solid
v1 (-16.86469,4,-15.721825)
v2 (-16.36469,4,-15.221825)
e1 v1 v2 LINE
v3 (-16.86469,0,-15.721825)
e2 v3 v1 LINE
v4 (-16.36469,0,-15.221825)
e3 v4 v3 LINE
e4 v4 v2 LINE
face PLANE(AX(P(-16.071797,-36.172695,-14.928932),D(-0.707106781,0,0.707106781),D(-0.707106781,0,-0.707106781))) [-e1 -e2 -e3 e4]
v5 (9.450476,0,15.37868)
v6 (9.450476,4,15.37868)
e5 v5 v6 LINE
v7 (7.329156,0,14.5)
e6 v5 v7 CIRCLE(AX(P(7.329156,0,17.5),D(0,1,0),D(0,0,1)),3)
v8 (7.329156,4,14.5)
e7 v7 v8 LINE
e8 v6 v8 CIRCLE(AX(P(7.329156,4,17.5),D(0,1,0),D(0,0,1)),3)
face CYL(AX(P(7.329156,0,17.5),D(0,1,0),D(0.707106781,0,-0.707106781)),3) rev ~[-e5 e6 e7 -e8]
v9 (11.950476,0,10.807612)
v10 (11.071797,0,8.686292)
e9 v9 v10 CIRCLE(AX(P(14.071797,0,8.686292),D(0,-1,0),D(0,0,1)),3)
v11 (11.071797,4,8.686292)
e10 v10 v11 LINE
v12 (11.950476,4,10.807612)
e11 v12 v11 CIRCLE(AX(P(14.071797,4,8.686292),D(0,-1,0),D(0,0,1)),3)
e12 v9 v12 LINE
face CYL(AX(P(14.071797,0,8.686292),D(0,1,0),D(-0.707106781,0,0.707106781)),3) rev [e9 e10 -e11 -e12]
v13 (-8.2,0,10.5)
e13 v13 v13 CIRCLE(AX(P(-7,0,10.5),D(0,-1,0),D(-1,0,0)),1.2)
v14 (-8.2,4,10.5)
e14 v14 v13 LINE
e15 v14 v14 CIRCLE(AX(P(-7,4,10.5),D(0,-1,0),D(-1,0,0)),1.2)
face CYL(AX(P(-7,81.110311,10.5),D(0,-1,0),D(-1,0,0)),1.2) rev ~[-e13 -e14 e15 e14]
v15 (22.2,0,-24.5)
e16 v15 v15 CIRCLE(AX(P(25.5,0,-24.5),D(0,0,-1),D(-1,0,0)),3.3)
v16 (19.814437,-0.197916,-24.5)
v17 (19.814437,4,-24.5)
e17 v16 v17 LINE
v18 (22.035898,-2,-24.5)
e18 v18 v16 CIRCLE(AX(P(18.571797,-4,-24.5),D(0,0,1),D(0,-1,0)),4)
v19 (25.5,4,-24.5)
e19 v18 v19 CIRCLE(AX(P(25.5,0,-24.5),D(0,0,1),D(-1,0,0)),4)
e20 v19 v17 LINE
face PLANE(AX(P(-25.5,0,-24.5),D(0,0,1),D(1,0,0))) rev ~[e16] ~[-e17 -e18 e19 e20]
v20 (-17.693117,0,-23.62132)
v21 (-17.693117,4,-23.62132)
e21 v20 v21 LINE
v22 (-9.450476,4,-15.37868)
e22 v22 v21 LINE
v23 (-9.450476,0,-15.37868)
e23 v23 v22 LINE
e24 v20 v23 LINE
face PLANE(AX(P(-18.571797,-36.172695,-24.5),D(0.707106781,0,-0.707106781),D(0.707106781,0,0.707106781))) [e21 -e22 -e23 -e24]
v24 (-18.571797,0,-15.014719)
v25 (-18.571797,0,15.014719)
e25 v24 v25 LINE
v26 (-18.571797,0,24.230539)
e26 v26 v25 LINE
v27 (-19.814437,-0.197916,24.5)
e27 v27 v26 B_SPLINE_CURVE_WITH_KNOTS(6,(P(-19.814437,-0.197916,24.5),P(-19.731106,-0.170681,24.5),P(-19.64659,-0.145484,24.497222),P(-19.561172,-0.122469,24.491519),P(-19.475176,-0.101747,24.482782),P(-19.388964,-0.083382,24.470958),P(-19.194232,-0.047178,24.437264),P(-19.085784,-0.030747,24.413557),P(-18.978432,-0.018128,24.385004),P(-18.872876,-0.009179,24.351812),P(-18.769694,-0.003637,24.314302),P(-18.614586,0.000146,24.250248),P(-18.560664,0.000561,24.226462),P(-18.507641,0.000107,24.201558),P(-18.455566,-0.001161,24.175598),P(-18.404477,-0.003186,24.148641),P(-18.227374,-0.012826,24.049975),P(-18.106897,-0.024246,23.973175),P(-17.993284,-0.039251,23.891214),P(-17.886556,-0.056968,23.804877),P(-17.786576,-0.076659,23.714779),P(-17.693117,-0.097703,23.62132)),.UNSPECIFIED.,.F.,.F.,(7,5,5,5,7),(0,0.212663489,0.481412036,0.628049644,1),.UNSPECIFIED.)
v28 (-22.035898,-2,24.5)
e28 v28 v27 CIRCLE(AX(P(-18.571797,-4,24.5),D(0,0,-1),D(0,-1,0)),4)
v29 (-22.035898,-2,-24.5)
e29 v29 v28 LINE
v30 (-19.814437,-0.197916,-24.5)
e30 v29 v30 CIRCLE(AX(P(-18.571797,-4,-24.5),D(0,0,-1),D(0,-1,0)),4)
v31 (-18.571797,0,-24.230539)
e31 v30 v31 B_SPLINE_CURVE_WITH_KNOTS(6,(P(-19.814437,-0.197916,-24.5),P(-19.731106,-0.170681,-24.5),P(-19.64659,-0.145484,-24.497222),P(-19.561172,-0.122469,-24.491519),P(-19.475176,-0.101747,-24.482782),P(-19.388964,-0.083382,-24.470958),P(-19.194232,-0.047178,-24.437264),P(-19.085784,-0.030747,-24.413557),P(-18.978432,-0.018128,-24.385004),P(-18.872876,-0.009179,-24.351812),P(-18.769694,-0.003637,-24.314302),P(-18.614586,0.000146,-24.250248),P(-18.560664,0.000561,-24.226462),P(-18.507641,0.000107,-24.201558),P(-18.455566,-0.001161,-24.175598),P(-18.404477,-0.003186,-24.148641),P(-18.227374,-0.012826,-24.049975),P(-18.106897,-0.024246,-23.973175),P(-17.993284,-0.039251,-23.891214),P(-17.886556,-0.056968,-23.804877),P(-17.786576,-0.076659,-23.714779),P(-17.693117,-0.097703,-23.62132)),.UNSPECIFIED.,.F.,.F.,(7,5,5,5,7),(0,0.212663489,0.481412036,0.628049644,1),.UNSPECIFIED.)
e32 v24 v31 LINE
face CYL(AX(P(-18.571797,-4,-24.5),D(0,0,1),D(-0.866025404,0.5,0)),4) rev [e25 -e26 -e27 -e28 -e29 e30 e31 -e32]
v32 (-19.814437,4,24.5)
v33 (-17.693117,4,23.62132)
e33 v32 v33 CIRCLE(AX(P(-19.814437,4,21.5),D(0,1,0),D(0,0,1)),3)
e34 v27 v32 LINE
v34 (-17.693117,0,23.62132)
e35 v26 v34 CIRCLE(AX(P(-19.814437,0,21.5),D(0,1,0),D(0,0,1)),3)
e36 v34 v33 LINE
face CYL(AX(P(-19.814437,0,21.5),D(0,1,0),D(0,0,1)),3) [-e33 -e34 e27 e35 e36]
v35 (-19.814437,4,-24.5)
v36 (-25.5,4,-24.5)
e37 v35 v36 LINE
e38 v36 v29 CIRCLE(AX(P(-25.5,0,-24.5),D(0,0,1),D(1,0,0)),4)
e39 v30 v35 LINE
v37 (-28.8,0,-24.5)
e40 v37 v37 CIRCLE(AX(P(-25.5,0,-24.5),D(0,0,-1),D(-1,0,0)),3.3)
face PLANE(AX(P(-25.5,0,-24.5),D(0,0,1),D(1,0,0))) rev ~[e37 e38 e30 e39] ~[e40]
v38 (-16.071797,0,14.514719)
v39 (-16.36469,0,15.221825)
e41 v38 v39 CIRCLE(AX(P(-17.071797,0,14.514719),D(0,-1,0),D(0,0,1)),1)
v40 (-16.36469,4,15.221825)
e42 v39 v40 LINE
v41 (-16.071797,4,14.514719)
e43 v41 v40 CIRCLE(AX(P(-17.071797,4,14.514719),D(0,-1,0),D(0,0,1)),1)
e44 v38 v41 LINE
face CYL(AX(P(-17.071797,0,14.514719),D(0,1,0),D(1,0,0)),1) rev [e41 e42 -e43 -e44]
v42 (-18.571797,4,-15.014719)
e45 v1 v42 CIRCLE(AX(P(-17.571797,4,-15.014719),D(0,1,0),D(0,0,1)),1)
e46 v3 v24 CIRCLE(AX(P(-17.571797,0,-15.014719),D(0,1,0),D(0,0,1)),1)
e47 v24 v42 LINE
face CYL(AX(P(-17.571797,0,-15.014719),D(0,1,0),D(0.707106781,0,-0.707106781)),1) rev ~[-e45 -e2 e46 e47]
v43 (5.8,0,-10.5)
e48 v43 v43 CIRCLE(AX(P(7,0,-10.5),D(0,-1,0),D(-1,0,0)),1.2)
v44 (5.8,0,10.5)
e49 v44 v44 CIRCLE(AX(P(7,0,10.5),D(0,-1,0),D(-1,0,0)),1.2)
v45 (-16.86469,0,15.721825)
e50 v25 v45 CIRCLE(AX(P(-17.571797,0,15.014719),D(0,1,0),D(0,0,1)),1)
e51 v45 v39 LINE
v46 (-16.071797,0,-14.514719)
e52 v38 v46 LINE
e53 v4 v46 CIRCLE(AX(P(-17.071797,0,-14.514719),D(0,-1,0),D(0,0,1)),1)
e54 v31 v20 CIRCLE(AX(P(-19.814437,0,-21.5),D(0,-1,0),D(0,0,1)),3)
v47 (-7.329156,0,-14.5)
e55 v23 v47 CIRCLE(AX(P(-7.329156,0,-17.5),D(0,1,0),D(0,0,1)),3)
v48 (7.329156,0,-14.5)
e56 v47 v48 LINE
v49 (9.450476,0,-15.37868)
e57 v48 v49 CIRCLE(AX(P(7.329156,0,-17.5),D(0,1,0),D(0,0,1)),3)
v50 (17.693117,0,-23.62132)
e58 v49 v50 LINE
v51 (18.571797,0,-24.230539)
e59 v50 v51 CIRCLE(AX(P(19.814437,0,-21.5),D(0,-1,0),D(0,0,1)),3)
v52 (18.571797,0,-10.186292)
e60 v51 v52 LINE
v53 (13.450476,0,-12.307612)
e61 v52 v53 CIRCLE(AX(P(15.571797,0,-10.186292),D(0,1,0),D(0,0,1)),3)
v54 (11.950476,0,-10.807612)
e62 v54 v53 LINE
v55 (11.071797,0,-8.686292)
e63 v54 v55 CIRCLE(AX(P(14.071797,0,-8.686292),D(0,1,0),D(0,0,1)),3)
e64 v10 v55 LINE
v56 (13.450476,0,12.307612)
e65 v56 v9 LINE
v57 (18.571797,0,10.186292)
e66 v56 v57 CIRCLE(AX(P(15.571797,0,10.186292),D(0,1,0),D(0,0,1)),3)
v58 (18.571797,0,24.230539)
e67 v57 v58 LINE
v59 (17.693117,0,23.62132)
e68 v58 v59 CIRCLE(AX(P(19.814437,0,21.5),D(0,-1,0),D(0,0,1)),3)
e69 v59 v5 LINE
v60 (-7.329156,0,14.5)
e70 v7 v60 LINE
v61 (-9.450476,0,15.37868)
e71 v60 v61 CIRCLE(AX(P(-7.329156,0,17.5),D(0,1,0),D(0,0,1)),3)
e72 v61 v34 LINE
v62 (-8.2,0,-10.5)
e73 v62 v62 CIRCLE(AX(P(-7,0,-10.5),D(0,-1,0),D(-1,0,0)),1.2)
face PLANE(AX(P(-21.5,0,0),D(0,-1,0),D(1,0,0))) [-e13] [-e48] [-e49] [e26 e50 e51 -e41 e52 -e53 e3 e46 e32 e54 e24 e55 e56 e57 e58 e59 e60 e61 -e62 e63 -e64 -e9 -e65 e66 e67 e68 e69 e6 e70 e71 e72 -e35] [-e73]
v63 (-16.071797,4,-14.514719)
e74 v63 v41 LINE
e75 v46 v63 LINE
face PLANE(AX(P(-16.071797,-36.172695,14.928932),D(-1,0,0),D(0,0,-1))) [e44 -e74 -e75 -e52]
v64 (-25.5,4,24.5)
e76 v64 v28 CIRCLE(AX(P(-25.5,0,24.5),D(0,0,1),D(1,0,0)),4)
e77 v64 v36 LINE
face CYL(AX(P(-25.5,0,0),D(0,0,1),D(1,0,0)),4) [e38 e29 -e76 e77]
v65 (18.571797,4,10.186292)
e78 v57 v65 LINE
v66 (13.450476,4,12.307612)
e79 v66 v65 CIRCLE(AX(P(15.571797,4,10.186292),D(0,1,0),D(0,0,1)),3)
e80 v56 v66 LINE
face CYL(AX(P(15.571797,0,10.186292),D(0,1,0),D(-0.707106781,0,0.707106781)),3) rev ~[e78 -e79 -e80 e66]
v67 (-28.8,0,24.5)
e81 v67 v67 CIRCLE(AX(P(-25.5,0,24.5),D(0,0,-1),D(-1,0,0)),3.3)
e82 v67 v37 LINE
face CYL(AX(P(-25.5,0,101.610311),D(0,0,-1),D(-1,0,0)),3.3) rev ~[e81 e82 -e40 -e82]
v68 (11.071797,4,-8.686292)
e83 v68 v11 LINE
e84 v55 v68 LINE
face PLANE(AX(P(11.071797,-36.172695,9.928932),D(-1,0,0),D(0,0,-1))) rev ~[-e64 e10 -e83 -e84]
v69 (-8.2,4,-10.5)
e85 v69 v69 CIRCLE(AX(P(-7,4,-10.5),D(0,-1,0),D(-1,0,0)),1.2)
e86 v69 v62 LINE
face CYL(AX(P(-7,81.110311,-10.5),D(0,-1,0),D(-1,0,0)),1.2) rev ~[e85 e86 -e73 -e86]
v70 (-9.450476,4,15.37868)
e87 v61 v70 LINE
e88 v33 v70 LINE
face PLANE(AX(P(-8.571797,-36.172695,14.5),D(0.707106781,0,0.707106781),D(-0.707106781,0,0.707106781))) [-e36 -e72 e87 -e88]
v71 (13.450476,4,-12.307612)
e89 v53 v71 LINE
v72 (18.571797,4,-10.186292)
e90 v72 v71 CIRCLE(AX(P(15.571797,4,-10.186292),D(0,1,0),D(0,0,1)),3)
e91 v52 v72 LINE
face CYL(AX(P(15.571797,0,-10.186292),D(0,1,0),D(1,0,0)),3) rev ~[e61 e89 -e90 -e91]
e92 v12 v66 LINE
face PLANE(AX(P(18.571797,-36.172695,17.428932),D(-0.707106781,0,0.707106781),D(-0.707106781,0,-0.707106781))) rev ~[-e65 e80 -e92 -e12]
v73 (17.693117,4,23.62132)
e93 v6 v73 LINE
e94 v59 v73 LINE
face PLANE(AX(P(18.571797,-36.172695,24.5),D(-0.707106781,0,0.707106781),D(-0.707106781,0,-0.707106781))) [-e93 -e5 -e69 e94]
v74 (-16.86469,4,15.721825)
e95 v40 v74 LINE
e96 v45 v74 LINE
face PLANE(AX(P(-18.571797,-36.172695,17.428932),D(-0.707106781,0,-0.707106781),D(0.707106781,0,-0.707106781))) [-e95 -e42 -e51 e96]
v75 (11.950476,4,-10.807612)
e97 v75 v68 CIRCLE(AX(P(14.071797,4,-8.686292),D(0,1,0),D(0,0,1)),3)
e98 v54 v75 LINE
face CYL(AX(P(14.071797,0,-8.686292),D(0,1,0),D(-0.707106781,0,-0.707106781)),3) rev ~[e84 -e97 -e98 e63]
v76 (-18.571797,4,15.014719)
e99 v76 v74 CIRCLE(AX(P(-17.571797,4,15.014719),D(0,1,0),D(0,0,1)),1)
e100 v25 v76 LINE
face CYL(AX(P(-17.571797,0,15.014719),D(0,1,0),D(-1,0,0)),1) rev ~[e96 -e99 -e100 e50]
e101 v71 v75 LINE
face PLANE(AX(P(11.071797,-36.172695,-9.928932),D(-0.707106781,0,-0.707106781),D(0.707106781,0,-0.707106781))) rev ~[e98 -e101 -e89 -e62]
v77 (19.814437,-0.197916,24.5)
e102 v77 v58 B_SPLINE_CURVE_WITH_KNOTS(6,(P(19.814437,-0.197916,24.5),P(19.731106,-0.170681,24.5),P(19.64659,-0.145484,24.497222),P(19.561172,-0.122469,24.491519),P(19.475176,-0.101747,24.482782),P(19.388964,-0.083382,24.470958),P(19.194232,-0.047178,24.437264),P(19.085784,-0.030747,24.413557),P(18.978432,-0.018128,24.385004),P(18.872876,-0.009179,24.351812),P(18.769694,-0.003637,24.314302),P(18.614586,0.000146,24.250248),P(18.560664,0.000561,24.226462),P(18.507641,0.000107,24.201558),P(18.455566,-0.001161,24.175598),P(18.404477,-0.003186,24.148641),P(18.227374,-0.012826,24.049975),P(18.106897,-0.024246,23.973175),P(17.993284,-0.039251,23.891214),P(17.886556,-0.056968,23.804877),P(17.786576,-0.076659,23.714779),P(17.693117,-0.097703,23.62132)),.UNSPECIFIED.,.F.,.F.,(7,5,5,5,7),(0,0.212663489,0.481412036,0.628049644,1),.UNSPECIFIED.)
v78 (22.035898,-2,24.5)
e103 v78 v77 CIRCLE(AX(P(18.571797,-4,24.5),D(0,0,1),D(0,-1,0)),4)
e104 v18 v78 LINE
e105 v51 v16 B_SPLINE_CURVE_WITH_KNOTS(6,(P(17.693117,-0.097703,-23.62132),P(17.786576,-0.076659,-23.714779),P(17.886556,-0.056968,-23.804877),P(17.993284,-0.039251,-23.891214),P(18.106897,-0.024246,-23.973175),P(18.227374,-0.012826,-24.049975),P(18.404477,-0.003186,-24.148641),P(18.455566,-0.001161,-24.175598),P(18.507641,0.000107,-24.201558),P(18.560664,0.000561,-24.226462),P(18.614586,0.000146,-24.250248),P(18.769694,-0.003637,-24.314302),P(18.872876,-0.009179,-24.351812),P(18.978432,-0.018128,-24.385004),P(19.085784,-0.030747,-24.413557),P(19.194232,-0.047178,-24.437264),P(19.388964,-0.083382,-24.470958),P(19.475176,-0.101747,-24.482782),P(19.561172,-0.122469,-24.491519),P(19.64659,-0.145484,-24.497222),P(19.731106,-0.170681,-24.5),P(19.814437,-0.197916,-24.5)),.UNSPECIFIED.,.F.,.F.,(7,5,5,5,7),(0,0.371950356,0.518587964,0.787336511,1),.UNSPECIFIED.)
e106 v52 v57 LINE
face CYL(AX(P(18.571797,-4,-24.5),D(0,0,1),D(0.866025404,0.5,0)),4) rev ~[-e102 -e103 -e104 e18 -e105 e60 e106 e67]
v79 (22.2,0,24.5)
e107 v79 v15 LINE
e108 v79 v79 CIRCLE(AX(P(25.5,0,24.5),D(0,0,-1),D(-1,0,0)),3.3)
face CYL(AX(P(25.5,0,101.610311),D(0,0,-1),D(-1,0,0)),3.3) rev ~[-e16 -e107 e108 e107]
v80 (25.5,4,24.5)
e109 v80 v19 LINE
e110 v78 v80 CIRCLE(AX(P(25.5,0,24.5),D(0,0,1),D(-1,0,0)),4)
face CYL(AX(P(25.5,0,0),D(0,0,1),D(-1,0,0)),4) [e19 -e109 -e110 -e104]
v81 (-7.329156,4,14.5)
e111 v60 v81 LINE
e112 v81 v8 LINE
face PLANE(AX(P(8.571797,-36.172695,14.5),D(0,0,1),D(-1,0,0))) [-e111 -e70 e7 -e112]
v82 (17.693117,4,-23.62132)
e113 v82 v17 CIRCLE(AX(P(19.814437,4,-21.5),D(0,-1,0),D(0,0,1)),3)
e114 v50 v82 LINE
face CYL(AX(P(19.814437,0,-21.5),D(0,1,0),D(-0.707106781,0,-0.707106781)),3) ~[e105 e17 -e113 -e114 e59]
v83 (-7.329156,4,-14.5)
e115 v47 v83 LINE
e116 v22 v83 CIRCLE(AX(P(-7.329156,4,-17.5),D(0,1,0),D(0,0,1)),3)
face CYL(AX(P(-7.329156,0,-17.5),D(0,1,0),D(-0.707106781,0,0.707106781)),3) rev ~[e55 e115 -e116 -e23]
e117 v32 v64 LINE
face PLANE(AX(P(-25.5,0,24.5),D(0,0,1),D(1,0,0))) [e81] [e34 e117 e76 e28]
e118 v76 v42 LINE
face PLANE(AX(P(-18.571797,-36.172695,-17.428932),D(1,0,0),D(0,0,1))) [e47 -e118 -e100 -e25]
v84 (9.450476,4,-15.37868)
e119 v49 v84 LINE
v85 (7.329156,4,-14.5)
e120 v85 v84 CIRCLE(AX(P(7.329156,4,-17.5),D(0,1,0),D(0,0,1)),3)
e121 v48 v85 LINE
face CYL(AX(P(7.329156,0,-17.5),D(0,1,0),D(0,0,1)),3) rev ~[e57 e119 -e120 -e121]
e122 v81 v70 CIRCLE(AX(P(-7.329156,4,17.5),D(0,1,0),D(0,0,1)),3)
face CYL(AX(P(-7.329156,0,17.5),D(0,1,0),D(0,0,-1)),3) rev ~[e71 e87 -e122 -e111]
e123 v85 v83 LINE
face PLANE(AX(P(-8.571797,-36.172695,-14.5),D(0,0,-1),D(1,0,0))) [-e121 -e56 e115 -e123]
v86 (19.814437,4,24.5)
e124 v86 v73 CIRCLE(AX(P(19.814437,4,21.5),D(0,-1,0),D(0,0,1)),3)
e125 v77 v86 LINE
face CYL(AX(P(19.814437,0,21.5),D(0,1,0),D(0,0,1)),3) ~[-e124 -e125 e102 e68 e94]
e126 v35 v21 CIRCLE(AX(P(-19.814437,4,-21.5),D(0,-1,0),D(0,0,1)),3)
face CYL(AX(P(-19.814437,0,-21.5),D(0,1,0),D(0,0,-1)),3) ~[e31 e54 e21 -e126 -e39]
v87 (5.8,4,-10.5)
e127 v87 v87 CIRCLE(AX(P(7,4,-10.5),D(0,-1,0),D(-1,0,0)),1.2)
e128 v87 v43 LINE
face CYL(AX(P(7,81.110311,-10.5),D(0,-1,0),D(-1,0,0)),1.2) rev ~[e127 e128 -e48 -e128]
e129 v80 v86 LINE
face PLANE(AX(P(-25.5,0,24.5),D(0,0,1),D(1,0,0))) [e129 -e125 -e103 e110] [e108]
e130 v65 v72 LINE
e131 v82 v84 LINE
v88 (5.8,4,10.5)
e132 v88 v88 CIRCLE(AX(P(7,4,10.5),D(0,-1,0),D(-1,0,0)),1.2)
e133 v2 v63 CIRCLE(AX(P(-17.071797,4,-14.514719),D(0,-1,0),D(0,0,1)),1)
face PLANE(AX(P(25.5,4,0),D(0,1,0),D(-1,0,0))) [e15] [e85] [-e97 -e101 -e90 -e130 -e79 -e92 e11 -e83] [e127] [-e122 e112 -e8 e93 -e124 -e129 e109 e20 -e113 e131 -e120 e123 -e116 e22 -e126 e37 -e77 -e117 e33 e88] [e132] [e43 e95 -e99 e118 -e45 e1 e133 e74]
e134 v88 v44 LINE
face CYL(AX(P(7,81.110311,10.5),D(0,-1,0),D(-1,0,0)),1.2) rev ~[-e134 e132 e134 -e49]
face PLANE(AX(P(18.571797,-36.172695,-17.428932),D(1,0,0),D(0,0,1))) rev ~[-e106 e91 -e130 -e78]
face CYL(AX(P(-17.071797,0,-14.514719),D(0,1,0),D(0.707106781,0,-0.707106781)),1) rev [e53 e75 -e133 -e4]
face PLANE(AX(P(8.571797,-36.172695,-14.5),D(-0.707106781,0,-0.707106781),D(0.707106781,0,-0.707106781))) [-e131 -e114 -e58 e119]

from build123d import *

# Parameters (mm, degrees)
SKETCH1_R               = 4
BOSS_EXTRUDE1_DEPTH     = 24.5
FILLET1_R               = 4
M6_CLEARANCE_HOLE1_D    = 6.6
M2_CLEARANCE_HOLE1_D    = 2.4
CUT_EXTRUDE1_DEPTH      = 40.172694572
CUT_EXTRUDE1_DEPTH_BACK = 40.172694572
FILLET3_R               = 3
FILLET4_R               = 1


with BuildPart() as part:
    # Sketch1 → Boss-Extrude1 (new, symmetric)
    with BuildSketch(Plane.XY):
        with Locations((-25.5, 0)):
            Circle(SKETCH1_R)
        with BuildLine():
            Line((0, 4), (-25.5, 4))
            ThreePointArc((-25.5, 4), (-22.671572875, 2.828427125), (-21.5, 0))
            Line((-21.5, 0), (0, 0))
            Line((0, 0), (0, 4))
        make_face()
        with BuildLine():
            Line((25.5, 4), (0, 4))
            Line((0, 4), (0, 0))
            Line((0, 0), (21.5, 0))
            ThreePointArc((21.5, 0), (22.671572875, 2.828427125), (25.5, 4))
        make_face()
        with Locations((25.5, 0)):
            Circle(SKETCH1_R)
    extrude(amount=BOSS_EXTRUDE1_DEPTH, both=True)

    # Fillet1
    fillet1_edges = [part.edges().sort_by_distance(p)[0] for p in [
        (21.5, 0, 0),
        (-21.5, 0, 0),
    ]]
    fillet(fillet1_edges, radius=FILLET1_R)

    # M6 Clearance Hole1 (through all)
    with Locations(Plane.XY.offset(24.5)):
        with Locations((-25.5, 0), (25.5, 0)):
            Hole(M6_CLEARANCE_HOLE1_D / 2)

    # M2 Clearance Hole1 (through all)
    with Locations(Plane(origin=(0, 4, 0), x_dir=(1, 0, 0), z_dir=(0, 1, 0))):
        with Locations((-7, 10.5), (7, 10.5), (7, -10.5), (-7, -10.5)):
            Hole(M2_CLEARANCE_HOLE1_D / 2)

    # Sketch6 → Cut-Extrude1 (cut, two sides: drawn at the far end of the back side and taken through both)
    with BuildSketch(Plane(origin=(0, 4, 0), x_dir=(1, 0, 0), z_dir=(0, 1, 0)).offset(-CUT_EXTRUDE1_DEPTH_BACK)):
        Polygon((18.57179677, 24.5), (0, 24.5), (0, 14.5), (8.57179677, 14.5), align=None)
        Polygon((0, 24.5), (-18.57179677, 24.5), (-8.57179677, 14.5), (0, 14.5), align=None)
        Polygon((18.57179677, -17.428932188), (11.07179677, -9.928932188), (11.07179677, 9.928932188), (18.57179677, 17.428932188), align=None)
        Polygon((-8.57179677, -14.5), (-18.57179677, -24.5), (18.57179677, -24.5), (8.57179677, -14.5), align=None)
        Polygon((-16.07179677, 14.928932188), (-18.57179677, 17.428932188), (-18.57179677, 0.003413414), (-18.57179677, -0.003413414), (-18.57179677, -17.428932188), (-16.07179677, -14.928932188), align=None)
    extrude(amount=CUT_EXTRUDE1_DEPTH + CUT_EXTRUDE1_DEPTH_BACK, mode=Mode.SUBTRACT)

    # Fillet3
    fillet3_edges = [part.edges().sort_by_distance(p)[0] for p in [
        (18.57179677, 2, -17.428932188),
        (18.57179677, 2, 17.428932188),
        (11.07179677, 2, 9.928932188),
        (11.07179677, 2, -9.928932188),
        (18.57179677, 2, -24.5),
        (8.57179677, 2, -14.5),
        (-8.57179677, 2, -14.5),
        (-18.57179677, 2, -24.5),
        (-8.57179677, 2, 14.5),
        (8.57179677, 2, 14.5),
        (18.57179677, 2, 24.5),
        (-18.57179677, 2, 24.5),
    ]]
    fillet(fillet3_edges, radius=FILLET3_R)

    # Fillet4
    fillet4_edges = [part.edges().sort_by_distance(p)[0] for p in [
        (-18.57179677, 2, 17.428932188),
        (-18.57179677, 2, -17.428932188),
        (-16.07179677, 2, -14.928932188),
        (-16.07179677, 2, 14.928932188),
    ]]
    fillet(fillet4_edges, radius=FILLET4_R)


solid = part.part
